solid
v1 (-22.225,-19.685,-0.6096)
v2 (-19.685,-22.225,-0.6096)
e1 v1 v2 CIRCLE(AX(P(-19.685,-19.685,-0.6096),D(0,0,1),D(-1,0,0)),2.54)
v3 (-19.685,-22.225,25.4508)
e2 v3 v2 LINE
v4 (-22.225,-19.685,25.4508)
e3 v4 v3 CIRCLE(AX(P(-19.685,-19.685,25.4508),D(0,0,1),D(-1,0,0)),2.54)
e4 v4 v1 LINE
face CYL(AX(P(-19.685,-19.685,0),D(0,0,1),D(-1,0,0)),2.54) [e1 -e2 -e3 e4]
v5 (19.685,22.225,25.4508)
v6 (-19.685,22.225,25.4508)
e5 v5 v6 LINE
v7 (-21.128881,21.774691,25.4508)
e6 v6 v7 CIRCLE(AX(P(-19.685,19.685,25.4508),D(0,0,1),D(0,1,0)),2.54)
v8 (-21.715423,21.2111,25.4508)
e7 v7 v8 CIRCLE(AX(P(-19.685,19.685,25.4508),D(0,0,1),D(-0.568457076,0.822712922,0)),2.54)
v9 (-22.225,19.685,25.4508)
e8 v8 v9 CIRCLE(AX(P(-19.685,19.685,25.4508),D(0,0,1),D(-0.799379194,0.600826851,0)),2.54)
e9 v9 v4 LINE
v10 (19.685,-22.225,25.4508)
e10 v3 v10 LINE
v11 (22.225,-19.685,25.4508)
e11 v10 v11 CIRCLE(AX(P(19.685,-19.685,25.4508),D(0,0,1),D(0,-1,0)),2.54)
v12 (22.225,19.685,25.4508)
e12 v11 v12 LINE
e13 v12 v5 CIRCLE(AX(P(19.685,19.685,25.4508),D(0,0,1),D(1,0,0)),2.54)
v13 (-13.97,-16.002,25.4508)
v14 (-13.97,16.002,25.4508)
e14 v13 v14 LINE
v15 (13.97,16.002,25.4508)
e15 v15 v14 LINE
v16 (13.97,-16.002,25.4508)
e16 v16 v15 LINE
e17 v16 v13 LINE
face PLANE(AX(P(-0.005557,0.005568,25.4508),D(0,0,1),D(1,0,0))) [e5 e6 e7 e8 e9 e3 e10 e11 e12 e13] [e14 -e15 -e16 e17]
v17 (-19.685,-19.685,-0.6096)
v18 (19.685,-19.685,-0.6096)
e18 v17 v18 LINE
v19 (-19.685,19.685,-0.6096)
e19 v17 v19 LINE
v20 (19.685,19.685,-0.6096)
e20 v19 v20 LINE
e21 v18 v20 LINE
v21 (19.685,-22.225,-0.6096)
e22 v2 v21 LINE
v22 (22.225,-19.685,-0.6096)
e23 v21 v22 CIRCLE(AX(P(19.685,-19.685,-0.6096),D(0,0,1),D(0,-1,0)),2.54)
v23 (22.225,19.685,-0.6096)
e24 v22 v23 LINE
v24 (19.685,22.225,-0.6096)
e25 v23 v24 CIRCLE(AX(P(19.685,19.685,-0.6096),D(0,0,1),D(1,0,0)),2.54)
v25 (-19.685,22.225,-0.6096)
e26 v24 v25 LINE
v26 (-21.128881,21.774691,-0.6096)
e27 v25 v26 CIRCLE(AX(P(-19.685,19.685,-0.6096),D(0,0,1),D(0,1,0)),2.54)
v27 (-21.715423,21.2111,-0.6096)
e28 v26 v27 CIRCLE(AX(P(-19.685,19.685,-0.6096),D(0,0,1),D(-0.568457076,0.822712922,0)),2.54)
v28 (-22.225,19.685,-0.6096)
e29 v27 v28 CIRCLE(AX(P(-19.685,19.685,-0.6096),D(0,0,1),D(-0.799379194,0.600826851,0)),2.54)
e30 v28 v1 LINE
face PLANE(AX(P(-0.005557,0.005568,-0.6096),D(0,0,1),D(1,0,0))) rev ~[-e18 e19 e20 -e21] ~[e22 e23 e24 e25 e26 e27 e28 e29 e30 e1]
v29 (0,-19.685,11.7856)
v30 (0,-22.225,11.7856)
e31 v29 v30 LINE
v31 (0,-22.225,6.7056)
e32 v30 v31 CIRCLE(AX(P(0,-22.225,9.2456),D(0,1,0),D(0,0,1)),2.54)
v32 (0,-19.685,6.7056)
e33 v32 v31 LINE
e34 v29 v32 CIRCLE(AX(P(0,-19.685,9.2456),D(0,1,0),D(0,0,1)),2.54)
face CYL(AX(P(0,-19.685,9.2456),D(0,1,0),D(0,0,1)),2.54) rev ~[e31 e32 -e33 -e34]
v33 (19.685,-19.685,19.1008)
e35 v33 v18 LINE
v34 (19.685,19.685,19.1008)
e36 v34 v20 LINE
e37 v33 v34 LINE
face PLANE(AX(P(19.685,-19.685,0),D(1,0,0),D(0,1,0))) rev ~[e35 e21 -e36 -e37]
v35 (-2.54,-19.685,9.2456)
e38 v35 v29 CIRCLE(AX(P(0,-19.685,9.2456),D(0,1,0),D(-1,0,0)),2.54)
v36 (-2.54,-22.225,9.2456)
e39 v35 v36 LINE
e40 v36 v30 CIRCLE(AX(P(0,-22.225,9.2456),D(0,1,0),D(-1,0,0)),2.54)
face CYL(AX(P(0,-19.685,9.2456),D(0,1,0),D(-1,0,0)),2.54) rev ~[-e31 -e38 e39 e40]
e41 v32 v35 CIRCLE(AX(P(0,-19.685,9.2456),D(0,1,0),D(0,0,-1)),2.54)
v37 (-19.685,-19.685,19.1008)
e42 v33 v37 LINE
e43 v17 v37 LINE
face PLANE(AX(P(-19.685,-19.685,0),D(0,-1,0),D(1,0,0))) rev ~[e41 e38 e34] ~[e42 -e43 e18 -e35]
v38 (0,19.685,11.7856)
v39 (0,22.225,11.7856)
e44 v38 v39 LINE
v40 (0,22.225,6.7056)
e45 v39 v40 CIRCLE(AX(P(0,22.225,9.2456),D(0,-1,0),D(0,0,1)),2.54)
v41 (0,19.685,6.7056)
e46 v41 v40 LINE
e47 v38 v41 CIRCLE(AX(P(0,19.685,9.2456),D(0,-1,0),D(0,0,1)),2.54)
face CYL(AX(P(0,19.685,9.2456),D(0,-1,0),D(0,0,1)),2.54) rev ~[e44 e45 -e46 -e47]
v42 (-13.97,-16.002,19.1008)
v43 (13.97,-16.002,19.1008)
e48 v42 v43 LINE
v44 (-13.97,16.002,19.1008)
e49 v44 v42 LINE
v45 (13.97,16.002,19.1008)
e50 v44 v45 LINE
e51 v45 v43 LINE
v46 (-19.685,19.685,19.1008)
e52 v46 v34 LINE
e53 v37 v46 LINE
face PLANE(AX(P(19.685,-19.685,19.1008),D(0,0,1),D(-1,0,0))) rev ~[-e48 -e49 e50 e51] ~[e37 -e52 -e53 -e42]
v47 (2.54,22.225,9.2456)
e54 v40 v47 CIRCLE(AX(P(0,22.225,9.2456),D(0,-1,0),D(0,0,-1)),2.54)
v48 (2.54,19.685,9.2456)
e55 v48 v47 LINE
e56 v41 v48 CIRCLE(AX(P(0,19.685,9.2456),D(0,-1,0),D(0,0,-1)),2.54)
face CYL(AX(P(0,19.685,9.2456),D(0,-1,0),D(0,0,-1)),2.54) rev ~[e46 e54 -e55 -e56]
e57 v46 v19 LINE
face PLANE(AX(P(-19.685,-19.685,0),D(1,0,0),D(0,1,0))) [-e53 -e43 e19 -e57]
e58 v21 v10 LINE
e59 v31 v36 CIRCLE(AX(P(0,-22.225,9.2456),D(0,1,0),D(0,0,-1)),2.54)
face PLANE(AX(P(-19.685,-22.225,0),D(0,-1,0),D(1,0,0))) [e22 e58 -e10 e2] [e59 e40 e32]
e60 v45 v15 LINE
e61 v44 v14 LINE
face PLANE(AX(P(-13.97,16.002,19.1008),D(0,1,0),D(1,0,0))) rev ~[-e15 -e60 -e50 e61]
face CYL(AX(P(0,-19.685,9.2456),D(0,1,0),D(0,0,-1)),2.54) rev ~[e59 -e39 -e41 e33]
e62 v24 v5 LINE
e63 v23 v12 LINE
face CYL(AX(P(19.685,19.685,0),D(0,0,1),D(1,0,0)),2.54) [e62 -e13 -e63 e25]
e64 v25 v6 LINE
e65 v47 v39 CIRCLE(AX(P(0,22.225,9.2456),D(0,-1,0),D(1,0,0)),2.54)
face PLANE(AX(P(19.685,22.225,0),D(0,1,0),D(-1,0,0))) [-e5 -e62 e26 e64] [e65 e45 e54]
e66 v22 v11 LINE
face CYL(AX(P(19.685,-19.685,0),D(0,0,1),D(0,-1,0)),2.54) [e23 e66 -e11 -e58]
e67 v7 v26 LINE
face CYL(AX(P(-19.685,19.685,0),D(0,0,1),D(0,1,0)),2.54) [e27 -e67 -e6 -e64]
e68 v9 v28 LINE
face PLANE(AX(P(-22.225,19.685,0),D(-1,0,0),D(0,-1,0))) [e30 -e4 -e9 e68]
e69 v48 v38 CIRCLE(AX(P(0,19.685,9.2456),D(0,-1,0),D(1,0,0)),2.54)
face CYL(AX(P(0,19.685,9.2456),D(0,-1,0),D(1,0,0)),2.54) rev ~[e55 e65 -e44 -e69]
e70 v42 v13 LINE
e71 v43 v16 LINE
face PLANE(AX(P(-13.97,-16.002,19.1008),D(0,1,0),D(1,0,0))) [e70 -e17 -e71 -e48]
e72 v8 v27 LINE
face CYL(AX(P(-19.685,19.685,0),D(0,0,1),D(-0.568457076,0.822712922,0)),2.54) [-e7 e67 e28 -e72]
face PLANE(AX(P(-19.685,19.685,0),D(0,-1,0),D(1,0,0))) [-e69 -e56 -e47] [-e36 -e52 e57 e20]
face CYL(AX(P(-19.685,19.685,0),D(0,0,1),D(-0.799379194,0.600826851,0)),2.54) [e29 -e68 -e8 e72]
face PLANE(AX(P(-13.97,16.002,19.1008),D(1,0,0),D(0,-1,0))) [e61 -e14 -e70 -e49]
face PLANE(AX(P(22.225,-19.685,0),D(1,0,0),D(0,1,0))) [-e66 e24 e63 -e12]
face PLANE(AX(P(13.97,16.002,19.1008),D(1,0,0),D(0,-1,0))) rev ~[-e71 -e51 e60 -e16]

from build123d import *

# Parameters (mm, degrees)
F0_W      = 39.37
F0_H      = 39.37
F1_DEPTH  = 26.2128
F2_W      = 39.37
F2_H      = 7.112
F3_DEPTH  = 40.291659534
F4_W      = 27.94
F4_H      = 32.004
F5_DEPTH  = 25.4
F6_DEPTH  = 0.762
F7_DEPTH  = 0.6096
F9_DEPTH  = 7.62
F11_DEPTH = 7.62


with BuildPart() as f1:
    # F0 (on Top) → F1 (new body)
    with BuildSketch(Plane.XY):
        with BuildLine():
            Line((-19.685, -22.225), (19.685, -22.225))
            ThreePointArc((19.685, -22.225), (21.4810512242, -21.4810512242), (22.225, -19.685))
            Line((22.225, -19.685), (22.225, 19.685))
            ThreePointArc((22.225, 19.685), (21.4810512242, 21.4810512242), (19.685, 22.225))
            Line((19.685, 22.225), (-19.685, 22.225))
            ThreePointArc((-19.685, 22.225), (-20.4412358464, 22.1098107853), (-21.1288809737, 21.7746908225))
            ThreePointArc((-21.1288809737, 21.7746908225), (-21.4448596213, 21.5165278085), (-21.7154231521, 21.211100201))
            ThreePointArc((-21.7154231521, 21.211100201), (-22.0942400053, 20.4894641675), (-22.225, 19.685))
            Line((-22.225, 19.685), (-22.225, -19.685))
            ThreePointArc((-22.225, -19.685), (-21.4810512242, -21.4810512242), (-19.685, -22.225))
        make_face()
        Rectangle(F0_W, F0_H, mode=Mode.SUBTRACT)
    extrude(amount=F1_DEPTH)

    # F2 (on face) → F3 (join)
    with BuildSketch(Plane(origin=(0, -19.685, 0), x_dir=(-1, 0, 0), z_dir=(0, 1, 0))):
        with Locations((0, 22.6568)):
            Rectangle(F2_W, F2_H)
    extrude(amount=F3_DEPTH)

    # F4 (on face) → F5 (cut)
    with BuildSketch(Plane(origin=(0, 0, 19.1008), x_dir=(1, 0, 0), z_dir=(0, 0, -1))):
        Rectangle(F4_W, F4_H)
    extrude(amount=-F5_DEPTH, mode=Mode.SUBTRACT)

    # F6 (cut): a face of the model
    f6_faces = [f1.faces().sort_by_distance(p)[0] for p in [
        (0, -21.5963820715, 26.2128),
    ]]
    extrude(f6_faces, amount=-F6_DEPTH, mode=Mode.SUBTRACT)

    # F7 (add): a face of the model
    f7_faces = [f1.faces().sort_by_distance(p)[0] for p in [
        (0, -21.5963820715, 0),
    ]]
    extrude(f7_faces, amount=F7_DEPTH)

    # F8 (on face) → F9 (cut)
    with BuildSketch(Plane(origin=(0, -19.685, 0), x_dir=(-1, 0, 0), z_dir=(0, 1, 0))):
        with BuildLine():
            ThreePointArc((0, 11.7856), (-2.54, 9.2456), (0, 6.7056))
            Line((0, 6.7056), (0, 11.7856))
        make_face()
        with BuildLine():
            Line((0, 11.7856), (0, 6.7056))
            ThreePointArc((0, 6.7056), (1.7960512242, 7.4495487758), (2.54, 9.2456))
            ThreePointArc((2.54, 9.2456), (1.7960512242, 11.0416512242), (0, 11.7856))
        make_face()
    extrude(amount=-F9_DEPTH, mode=Mode.SUBTRACT)

    # F10 (on face) → F11 (cut)
    with BuildSketch(Plane.XZ.offset(-19.685)):
        with BuildLine():
            ThreePointArc((0, 11.7856), (-2.54, 9.2456), (0, 6.7056))
            Line((0, 6.7056), (0, 11.7856))
        make_face()
        with BuildLine():
            Line((0, 11.7856), (0, 6.7056))
            ThreePointArc((0, 6.7056), (1.7960512242, 7.4495487758), (2.54, 9.2456))
            ThreePointArc((2.54, 9.2456), (1.7960512242, 11.0416512242), (0, 11.7856))
        make_face()
    extrude(amount=-F11_DEPTH, mode=Mode.SUBTRACT)


solid = f1.part
